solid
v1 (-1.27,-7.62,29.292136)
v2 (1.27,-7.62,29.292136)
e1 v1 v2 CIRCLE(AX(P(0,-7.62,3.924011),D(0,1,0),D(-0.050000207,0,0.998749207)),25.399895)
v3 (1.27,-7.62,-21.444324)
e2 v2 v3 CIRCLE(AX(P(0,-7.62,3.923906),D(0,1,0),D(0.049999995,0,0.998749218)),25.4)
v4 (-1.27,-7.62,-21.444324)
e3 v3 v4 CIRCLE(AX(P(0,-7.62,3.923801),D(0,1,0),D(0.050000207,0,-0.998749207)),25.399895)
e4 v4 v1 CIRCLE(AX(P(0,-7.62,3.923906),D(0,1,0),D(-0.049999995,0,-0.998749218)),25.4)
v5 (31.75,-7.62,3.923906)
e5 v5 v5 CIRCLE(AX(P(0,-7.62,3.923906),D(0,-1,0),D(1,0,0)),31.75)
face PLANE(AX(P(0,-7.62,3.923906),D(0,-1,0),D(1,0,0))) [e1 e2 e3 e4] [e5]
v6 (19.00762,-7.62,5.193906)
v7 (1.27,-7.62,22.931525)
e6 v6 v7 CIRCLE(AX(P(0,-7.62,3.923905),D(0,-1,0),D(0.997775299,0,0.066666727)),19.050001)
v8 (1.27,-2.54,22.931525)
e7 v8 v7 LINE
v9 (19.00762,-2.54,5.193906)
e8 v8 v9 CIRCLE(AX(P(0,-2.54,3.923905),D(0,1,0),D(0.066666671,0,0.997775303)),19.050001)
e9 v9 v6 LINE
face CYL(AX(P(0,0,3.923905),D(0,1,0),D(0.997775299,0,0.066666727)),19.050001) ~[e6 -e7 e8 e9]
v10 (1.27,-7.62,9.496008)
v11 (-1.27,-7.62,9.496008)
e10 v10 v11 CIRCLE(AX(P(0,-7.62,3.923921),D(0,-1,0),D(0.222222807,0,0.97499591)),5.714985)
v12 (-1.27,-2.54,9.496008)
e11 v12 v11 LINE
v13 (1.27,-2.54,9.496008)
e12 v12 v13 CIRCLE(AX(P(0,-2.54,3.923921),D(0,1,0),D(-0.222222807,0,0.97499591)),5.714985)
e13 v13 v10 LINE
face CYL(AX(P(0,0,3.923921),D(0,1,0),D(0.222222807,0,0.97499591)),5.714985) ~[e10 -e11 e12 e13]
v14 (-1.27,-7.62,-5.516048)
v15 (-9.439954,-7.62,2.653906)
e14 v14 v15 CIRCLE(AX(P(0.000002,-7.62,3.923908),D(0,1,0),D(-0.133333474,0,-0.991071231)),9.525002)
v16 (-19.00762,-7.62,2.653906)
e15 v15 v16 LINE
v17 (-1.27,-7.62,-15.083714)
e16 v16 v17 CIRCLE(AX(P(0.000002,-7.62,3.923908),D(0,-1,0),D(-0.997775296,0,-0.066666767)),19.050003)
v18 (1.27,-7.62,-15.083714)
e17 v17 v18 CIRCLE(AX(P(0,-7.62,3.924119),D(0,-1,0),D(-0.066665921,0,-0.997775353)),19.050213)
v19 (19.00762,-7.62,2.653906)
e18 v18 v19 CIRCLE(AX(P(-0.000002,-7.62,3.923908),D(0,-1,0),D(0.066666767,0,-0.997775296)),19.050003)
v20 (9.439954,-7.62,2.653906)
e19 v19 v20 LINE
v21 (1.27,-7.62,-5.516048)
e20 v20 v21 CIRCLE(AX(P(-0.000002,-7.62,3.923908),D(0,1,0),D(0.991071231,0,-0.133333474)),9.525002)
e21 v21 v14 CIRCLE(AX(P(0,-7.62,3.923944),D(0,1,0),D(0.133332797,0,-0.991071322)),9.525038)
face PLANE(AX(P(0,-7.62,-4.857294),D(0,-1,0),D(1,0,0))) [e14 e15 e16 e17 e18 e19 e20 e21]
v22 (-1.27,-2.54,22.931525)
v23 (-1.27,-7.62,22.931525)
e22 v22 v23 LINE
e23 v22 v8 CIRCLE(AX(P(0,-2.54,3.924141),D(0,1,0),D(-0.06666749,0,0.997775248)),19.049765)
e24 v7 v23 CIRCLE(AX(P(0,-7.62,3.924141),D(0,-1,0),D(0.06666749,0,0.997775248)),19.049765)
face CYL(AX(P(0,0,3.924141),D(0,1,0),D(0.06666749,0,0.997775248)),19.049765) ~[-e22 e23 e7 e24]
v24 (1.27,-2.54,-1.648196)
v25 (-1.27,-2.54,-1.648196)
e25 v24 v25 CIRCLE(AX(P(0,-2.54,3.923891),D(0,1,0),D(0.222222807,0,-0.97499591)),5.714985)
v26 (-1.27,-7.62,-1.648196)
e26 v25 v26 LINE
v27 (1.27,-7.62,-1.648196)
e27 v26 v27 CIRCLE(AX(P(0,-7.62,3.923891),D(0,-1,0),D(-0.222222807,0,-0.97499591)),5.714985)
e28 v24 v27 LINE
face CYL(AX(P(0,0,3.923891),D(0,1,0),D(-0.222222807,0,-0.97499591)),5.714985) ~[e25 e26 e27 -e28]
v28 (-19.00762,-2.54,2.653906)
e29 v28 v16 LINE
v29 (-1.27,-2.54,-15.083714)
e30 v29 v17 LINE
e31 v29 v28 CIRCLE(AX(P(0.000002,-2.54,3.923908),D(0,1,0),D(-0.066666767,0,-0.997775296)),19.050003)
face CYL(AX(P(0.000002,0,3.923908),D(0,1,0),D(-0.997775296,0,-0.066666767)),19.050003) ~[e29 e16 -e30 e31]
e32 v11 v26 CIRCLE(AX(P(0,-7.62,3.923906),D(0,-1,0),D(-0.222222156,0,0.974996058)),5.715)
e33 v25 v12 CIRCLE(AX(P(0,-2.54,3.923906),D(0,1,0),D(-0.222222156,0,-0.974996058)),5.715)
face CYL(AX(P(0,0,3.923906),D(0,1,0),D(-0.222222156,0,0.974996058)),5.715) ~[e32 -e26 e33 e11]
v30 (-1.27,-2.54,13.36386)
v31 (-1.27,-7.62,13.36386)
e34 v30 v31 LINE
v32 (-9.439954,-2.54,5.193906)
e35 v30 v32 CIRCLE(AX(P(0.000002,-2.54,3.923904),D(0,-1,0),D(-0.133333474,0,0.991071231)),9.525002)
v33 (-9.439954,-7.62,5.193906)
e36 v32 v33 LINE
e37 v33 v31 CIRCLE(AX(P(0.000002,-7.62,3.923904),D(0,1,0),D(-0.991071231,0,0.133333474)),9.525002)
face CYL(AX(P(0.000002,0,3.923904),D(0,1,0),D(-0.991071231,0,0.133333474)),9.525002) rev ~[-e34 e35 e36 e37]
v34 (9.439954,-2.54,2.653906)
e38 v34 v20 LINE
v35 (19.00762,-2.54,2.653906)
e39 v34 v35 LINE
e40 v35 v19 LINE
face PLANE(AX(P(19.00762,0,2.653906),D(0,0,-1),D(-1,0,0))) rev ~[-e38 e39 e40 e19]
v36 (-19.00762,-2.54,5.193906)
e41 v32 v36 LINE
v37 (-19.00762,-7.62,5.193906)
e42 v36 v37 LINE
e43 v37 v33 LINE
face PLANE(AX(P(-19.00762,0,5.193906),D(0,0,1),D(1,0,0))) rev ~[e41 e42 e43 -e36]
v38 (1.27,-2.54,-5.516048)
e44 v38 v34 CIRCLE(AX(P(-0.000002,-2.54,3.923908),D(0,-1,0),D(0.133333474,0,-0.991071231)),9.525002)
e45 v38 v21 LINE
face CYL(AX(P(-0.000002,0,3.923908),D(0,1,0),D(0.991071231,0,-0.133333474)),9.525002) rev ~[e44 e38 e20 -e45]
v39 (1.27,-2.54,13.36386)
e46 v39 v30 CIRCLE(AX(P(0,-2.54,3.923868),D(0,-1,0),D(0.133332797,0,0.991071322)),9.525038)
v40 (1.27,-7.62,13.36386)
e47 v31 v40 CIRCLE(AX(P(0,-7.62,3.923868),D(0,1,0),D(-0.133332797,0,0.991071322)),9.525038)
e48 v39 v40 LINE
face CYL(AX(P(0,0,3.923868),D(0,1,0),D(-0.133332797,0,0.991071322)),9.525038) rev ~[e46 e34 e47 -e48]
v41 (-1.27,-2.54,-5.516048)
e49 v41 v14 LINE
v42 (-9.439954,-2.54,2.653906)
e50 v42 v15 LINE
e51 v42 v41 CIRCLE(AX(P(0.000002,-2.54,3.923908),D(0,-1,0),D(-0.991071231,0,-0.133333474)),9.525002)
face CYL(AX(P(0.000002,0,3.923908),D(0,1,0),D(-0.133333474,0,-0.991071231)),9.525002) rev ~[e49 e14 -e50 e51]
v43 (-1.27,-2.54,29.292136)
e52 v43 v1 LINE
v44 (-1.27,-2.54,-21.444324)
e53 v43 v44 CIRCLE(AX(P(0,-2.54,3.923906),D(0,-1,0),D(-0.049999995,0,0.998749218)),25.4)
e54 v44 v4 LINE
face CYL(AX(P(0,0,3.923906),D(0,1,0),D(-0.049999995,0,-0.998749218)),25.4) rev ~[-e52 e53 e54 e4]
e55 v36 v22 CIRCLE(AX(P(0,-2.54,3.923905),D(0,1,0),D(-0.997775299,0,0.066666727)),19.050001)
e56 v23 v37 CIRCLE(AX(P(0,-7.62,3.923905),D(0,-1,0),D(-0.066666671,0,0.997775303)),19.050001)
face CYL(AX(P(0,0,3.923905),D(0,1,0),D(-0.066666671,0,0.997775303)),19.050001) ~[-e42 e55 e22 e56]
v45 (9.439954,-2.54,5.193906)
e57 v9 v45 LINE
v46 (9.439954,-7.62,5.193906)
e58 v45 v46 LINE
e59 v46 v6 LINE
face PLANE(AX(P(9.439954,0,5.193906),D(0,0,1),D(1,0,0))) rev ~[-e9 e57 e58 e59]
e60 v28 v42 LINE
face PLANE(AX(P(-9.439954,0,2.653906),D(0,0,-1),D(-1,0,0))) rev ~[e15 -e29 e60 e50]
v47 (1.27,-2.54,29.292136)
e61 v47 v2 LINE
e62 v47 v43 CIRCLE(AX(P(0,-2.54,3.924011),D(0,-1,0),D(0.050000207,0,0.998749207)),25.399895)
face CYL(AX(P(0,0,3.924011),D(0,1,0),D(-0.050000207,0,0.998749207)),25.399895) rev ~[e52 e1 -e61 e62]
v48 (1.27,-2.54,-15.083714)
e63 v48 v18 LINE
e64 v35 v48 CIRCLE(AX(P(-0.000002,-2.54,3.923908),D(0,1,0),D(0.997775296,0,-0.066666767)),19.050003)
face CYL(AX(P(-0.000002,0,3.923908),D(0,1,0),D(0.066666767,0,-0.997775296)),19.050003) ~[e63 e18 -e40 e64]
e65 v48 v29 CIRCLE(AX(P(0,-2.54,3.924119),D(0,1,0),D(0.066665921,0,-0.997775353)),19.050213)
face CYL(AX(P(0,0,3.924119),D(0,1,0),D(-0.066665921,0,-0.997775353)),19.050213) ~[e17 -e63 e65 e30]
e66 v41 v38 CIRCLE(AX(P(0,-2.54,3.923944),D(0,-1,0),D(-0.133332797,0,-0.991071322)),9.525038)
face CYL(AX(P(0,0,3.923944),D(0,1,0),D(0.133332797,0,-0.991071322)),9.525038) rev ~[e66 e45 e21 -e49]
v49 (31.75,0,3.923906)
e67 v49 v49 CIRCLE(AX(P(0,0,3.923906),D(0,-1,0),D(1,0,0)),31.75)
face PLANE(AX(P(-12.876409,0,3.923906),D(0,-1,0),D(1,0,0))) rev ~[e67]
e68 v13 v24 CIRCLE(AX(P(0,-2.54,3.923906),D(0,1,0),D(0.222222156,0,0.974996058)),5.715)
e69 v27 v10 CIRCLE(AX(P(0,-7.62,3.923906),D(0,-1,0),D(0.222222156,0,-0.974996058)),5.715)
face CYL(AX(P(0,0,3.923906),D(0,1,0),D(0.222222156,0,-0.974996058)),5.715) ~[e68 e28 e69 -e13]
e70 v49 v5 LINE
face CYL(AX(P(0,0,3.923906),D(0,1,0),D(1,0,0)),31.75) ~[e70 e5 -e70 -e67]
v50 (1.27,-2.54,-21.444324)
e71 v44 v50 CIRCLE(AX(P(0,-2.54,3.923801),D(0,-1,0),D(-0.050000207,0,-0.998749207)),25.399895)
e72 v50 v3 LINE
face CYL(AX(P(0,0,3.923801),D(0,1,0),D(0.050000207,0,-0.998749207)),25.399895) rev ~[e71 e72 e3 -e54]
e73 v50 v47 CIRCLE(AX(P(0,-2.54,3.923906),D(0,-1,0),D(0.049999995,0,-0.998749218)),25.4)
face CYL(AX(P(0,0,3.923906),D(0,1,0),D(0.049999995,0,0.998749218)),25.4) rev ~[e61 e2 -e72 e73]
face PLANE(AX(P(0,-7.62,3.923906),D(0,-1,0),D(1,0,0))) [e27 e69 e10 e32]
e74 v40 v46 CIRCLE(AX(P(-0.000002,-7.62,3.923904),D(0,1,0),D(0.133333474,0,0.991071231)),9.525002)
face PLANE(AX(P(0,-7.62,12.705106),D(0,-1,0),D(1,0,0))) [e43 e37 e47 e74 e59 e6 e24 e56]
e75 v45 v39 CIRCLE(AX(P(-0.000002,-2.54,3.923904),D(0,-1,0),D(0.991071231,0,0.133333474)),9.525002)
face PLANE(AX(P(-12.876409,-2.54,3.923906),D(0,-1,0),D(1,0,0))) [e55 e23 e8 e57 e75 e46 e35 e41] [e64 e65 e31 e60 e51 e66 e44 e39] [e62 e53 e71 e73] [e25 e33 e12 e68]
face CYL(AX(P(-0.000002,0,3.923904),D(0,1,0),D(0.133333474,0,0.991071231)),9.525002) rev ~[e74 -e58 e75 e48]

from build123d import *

# Parameters (mm, degrees)
F0_R     = 31.75
F1_DEPTH = 7.62
F2_DEPTH = 2.54


with BuildPart() as f1:
    # F0 (on Front) → F1 (new body)
    with BuildSketch(Plane.XZ):
        with Locations((0, 3.923906)):
            Circle(F0_R)
        with BuildLine():
            ThreePointArc((-1.27, 29.292136), (0, 29.323906), (1.27, 29.292136))
            ThreePointArc((1.27, 29.292136), (25.4, 3.923906), (1.27, -21.444324))
            ThreePointArc((1.27, -21.444324), (0, -21.476094), (-1.27, -21.444324))
            ThreePointArc((-1.27, -21.444324), (-25.4, 3.923906), (-1.27, 29.292136))
        make_face(mode=Mode.SUBTRACT)
        with BuildLine():
            ThreePointArc((1.27, -1.648196), (5.715, 3.923906), (1.27, 9.496008))
            ThreePointArc((1.27, 9.496008), (0, 9.638906), (-1.27, 9.496008))
            ThreePointArc((-1.27, 9.496008), (-5.715, 3.923906), (-1.27, -1.648196))
            ThreePointArc((-1.27, -1.648196), (0, -1.791094), (1.27, -1.648196))
        make_face()
        with BuildLine():
            ThreePointArc((19.00762, 5.193906), (13.470384, 17.39429), (1.27, 22.931525))
            ThreePointArc((1.27, 22.931525), (0, 22.973906), (-1.27, 22.931525))
            ThreePointArc((-1.27, 22.931525), (-13.470384, 17.39429), (-19.00762, 5.193906))
            Line((-19.00762, 5.193906), (-9.439954, 5.193906))
            ThreePointArc((-9.439954, 5.193906), (-6.735192, 10.659098), (-1.27, 13.36386))
            ThreePointArc((-1.27, 13.36386), (0, 13.448906), (1.27, 13.36386))
            ThreePointArc((1.27, 13.36386), (6.735192, 10.659098), (9.439954, 5.193906))
            Line((9.439954, 5.193906), (19.00762, 5.193906))
        make_face()
        with BuildLine():
            ThreePointArc((1.27, -15.083714), (13.470384, -9.546478), (19.00762, 2.653906))
            Line((19.00762, 2.653906), (9.439954, 2.653906))
            ThreePointArc((9.439954, 2.653906), (6.735192, -2.811286), (1.27, -5.516048))
            ThreePointArc((1.27, -5.516048), (0, -5.601094), (-1.27, -5.516048))
            ThreePointArc((-1.27, -5.516048), (-6.735192, -2.811286), (-9.439954, 2.653906))
            Line((-9.439954, 2.653906), (-19.00762, 2.653906))
            ThreePointArc((-19.00762, 2.653906), (-13.470384, -9.546478), (-1.27, -15.083714))
            ThreePointArc((-1.27, -15.083714), (0, -15.126094), (1.27, -15.083714))
        make_face()
    extrude(amount=F1_DEPTH)

    # F0 (on Front) → F2 (join)
    with BuildSketch(Plane.XZ):
        with BuildLine():
            ThreePointArc((-19.00762, 5.193906), (-13.470384, 17.39429), (-1.27, 22.931525))
            Line((-1.27, 22.931525), (-1.27, 29.292136))
            ThreePointArc((-1.27, 29.292136), (-25.4, 3.923906), (-1.27, -21.444324))
            Line((-1.27, -21.444324), (-1.27, -15.083714))
            ThreePointArc((-1.27, -15.083714), (-13.470384, -9.546478), (-19.00762, 2.653906))
            ThreePointArc((-19.00762, 2.653906), (-19.05, 3.923906), (-19.00762, 5.193906))
        make_face()
        with BuildLine():
            Line((1.27, 29.292136), (1.27, 22.931525))
            ThreePointArc((1.27, 22.931525), (13.470384, 17.39429), (19.00762, 5.193906))
            ThreePointArc((19.00762, 5.193906), (19.05, 3.923906), (19.00762, 2.653906))
            ThreePointArc((19.00762, 2.653906), (13.470384, -9.546478), (1.27, -15.083714))
            Line((1.27, -15.083714), (1.27, -21.444324))
            ThreePointArc((1.27, -21.444324), (25.4, 3.923906), (1.27, 29.292136))
        make_face()
        with BuildLine():
            ThreePointArc((19.00762, 2.653906), (19.05, 3.923906), (19.00762, 5.193906))
            Line((19.00762, 5.193906), (9.439954, 5.193906))
            ThreePointArc((9.439954, 5.193906), (6.735192, 10.659098), (1.27, 13.36386))
            Line((1.27, 13.36386), (1.27, 9.496008))
            ThreePointArc((1.27, 9.496008), (5.715, 3.923906), (1.27, -1.648196))
            Line((1.27, -1.648196), (1.27, -5.516048))
            ThreePointArc((1.27, -5.516048), (6.735192, -2.811286), (9.439954, 2.653906))
            Line((9.439954, 2.653906), (19.00762, 2.653906))
        make_face()
        with BuildLine():
            Line((-9.439954, 5.193906), (-19.00762, 5.193906))
            ThreePointArc((-19.00762, 5.193906), (-19.05, 3.923906), (-19.00762, 2.653906))
            Line((-19.00762, 2.653906), (-9.439954, 2.653906))
            ThreePointArc((-9.439954, 2.653906), (-6.735192, -2.811286), (-1.27, -5.516048))
            Line((-1.27, -5.516048), (-1.27, -1.648196))
            ThreePointArc((-1.27, -1.648196), (-5.715, 3.923906), (-1.27, 9.496008))
            Line((-1.27, 9.496008), (-1.27, 13.36386))
            ThreePointArc((-1.27, 13.36386), (-6.735192, 10.659098), (-9.439954, 5.193906))
        make_face()
        with BuildLine():
            ThreePointArc((-1.27, 22.931525), (0, 22.973906), (1.27, 22.931525))
            Line((1.27, 22.931525), (1.27, 29.292136))
            ThreePointArc((1.27, 29.292136), (0, 29.323906), (-1.27, 29.292136))
            Line((-1.27, 29.292136), (-1.27, 22.931525))
        make_face()
        with BuildLine():
            Line((1.27, 9.496008), (1.27, 13.36386))
            ThreePointArc((1.27, 13.36386), (0, 13.448906), (-1.27, 13.36386))
            Line((-1.27, 13.36386), (-1.27, 9.496008))
            ThreePointArc((-1.27, 9.496008), (0, 9.638906), (1.27, 9.496008))
        make_face()
        with BuildLine():
            ThreePointArc((-1.27, -5.516048), (0, -5.601094), (1.27, -5.516048))
            Line((1.27, -5.516048), (1.27, -1.648196))
            ThreePointArc((1.27, -1.648196), (0, -1.791094), (-1.27, -1.648196))
            Line((-1.27, -1.648196), (-1.27, -5.516048))
        make_face()
        with BuildLine():
            ThreePointArc((-1.27, -21.444324), (0, -21.476094), (1.27, -21.444324))
            Line((1.27, -21.444324), (1.27, -15.083714))
            ThreePointArc((1.27, -15.083714), (0, -15.126094), (-1.27, -15.083714))
            Line((-1.27, -15.083714), (-1.27, -21.444324))
        make_face()
    extrude(amount=F2_DEPTH)


solid = f1.part
